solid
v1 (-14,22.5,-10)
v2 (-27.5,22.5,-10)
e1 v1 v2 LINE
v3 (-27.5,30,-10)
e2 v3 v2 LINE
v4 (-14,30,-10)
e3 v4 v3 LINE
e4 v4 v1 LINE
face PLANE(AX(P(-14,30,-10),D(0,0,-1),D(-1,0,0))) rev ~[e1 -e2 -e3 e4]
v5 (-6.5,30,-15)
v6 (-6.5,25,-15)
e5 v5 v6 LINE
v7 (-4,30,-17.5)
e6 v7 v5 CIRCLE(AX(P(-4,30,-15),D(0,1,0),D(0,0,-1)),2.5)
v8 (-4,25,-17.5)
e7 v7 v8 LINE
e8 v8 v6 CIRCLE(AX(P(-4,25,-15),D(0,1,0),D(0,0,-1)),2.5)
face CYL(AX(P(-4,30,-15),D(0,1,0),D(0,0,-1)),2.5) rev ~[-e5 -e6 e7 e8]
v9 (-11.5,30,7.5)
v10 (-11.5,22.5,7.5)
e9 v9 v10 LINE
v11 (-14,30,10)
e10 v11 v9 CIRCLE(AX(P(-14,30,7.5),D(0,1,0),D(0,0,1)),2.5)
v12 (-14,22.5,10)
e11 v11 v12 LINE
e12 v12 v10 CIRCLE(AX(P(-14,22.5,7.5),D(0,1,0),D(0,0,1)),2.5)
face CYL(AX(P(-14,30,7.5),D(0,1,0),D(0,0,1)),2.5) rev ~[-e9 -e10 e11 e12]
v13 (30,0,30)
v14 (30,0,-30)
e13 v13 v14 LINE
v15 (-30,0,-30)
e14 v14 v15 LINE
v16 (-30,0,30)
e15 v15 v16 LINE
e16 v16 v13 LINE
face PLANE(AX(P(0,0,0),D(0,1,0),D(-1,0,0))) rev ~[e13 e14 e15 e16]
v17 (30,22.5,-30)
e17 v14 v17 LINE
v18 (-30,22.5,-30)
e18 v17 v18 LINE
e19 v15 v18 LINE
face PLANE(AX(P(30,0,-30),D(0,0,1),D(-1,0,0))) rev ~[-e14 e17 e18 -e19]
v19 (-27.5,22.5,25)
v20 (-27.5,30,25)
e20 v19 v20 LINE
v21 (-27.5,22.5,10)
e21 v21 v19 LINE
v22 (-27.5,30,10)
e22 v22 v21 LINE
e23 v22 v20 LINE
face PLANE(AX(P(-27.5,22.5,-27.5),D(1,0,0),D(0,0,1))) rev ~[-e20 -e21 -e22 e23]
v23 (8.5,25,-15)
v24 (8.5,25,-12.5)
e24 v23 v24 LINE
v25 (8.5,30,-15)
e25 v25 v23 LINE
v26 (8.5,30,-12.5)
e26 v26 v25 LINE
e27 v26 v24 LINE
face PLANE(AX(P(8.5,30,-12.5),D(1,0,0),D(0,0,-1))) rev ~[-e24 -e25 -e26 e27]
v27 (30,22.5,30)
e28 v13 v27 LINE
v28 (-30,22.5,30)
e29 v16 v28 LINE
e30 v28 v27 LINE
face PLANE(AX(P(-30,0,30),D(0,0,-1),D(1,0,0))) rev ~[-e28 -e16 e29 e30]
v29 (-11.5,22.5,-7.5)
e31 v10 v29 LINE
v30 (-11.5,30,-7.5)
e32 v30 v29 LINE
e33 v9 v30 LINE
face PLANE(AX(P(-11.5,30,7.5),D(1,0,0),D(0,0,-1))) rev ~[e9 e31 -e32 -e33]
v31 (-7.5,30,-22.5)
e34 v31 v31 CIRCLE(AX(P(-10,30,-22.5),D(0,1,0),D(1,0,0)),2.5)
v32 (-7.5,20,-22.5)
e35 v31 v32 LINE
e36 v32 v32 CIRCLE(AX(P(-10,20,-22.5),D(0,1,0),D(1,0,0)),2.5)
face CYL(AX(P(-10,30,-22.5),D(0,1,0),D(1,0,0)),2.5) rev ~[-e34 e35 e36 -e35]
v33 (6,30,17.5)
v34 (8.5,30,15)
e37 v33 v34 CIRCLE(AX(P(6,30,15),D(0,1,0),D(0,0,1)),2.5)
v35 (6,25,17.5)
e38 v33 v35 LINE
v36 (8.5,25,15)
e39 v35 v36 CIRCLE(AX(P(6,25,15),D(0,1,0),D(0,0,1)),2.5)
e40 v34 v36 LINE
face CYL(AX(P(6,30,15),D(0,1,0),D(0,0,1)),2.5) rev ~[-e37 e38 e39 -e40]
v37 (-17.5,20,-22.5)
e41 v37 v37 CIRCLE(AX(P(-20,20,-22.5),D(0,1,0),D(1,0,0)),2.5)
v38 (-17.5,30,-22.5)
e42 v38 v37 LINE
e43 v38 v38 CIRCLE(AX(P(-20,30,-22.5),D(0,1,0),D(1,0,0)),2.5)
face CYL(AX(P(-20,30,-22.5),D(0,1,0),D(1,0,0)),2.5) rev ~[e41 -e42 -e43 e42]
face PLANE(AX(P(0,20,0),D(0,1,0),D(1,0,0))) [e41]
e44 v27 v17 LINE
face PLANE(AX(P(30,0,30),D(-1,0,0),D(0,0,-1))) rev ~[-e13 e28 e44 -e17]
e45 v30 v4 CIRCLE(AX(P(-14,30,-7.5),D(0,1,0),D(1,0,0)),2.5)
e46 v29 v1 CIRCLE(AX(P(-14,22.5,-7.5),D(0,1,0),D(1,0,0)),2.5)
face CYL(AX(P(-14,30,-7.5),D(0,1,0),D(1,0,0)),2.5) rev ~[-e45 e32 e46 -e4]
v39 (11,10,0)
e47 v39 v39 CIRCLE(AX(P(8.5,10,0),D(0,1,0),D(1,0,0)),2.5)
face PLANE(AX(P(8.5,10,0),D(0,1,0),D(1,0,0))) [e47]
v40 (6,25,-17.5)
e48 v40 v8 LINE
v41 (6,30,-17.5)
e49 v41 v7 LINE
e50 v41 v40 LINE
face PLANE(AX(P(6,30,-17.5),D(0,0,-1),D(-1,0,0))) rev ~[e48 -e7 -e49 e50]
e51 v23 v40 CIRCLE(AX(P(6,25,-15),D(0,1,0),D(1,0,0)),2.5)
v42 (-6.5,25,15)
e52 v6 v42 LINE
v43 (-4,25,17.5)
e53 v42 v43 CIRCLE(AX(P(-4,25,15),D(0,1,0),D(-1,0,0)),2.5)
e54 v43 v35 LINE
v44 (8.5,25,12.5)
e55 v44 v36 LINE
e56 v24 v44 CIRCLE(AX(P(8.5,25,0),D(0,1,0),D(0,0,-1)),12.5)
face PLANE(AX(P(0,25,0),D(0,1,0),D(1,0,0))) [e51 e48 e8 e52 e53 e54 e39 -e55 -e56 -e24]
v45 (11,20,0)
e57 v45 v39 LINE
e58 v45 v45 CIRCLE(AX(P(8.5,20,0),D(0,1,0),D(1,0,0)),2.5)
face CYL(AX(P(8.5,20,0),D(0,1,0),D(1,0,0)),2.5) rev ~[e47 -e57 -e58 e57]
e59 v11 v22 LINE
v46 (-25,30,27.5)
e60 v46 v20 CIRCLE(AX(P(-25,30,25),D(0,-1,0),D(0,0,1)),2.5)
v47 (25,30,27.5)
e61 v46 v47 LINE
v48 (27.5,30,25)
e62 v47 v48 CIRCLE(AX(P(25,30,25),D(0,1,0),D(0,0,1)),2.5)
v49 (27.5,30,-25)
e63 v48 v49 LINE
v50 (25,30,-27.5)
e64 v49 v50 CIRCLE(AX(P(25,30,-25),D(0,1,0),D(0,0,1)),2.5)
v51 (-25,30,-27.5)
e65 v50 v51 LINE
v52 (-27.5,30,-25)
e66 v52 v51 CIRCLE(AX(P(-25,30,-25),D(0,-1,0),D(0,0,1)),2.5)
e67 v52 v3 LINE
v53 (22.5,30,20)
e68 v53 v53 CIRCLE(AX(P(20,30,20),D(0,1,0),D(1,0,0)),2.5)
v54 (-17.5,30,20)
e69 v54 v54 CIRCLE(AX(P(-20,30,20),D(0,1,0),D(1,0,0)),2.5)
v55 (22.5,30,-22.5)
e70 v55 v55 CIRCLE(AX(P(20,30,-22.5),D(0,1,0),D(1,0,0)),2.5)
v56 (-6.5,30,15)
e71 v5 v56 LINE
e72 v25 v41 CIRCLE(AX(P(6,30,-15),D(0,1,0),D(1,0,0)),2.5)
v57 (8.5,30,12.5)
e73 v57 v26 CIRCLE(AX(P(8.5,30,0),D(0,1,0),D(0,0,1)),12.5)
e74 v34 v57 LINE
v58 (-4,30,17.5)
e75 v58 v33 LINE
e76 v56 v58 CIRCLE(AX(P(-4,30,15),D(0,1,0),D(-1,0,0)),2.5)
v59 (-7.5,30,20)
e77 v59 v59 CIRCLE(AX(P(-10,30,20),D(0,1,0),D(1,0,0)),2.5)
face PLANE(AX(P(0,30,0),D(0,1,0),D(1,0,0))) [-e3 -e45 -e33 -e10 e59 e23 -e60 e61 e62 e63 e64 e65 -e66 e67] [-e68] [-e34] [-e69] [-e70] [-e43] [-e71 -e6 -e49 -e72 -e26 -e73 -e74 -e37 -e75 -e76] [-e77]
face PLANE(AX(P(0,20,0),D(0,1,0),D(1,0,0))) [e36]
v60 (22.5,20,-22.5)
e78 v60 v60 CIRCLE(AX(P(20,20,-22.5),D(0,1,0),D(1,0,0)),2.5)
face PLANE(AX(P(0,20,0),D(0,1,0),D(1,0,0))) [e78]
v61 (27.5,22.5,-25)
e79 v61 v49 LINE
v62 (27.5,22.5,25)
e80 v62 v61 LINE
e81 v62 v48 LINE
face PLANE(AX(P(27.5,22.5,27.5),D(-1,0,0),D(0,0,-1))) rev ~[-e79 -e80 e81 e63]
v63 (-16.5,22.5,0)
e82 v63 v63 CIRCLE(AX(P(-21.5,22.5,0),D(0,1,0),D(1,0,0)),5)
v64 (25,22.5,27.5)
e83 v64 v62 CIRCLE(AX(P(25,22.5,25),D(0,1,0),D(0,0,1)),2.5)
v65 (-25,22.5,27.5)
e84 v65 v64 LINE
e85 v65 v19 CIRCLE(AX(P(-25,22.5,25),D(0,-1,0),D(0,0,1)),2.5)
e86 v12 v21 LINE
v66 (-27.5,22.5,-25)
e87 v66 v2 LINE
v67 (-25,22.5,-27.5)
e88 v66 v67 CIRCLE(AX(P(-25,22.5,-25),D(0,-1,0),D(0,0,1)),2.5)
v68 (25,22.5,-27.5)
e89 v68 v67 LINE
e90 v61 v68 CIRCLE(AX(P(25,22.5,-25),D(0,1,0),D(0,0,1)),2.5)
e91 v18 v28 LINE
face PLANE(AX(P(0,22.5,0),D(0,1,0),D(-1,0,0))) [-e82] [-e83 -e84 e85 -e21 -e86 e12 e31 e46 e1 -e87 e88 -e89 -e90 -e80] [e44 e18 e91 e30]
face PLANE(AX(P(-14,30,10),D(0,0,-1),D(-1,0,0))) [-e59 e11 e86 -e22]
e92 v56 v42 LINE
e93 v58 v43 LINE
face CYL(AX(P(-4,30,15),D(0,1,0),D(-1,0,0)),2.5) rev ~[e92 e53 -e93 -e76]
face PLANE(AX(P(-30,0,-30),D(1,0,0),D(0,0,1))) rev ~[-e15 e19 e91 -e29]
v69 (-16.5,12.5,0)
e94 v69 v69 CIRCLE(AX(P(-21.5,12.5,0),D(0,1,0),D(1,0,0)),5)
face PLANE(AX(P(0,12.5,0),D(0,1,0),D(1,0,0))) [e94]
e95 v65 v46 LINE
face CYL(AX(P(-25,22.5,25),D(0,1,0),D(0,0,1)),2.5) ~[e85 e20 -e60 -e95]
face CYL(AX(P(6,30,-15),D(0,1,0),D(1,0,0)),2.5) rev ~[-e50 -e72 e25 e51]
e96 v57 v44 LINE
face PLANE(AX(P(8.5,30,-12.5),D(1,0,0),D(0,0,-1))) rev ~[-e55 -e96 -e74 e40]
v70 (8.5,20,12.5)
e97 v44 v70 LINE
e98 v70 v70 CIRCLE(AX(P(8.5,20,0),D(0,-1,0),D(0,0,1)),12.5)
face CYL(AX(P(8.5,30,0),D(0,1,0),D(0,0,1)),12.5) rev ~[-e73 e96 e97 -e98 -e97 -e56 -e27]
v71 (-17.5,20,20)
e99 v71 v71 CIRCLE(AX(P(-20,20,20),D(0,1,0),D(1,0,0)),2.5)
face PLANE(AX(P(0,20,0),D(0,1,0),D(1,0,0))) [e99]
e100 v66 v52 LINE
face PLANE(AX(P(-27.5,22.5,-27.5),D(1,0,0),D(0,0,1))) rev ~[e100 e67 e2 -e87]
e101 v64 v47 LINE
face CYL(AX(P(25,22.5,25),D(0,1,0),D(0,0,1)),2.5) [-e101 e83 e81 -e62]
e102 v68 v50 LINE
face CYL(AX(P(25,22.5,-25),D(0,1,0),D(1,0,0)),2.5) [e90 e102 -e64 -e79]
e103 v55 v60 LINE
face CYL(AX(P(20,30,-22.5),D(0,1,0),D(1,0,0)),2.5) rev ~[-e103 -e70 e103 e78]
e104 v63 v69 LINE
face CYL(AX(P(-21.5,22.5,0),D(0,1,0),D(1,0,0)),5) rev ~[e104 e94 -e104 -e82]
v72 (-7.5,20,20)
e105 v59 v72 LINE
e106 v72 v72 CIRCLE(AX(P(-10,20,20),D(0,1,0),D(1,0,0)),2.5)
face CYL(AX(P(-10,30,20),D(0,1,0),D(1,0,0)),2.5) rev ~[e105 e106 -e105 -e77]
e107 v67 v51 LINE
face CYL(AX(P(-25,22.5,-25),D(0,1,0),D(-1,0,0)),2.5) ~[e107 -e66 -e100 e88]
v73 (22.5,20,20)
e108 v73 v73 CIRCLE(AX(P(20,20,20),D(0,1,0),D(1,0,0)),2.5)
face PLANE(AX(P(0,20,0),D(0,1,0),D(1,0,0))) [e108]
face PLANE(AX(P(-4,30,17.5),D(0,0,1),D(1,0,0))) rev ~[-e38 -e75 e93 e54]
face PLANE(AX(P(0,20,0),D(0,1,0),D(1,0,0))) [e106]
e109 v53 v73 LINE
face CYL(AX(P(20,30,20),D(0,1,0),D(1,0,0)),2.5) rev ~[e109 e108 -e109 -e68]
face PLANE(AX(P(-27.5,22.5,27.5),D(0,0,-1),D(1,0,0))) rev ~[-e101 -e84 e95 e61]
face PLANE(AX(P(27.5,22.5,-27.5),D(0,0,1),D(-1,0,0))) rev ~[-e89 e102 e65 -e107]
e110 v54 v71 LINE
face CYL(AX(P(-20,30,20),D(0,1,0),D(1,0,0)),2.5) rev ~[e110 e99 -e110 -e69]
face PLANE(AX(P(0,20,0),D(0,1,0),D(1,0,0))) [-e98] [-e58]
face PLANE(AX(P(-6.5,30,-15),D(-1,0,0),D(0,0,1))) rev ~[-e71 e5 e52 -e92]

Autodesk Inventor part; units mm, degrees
ref_plane "YZ Plane" through (0, 0, 0) normal (1, 0, 0) x (0, 1, 0)
ref_plane "XZ Plane" through (0, 0, 0) normal (0, 1, 0) x (-1, 0, 0)
ref_plane "XY Plane" through (0, 0, 0) normal (0, 0, 1) x (1, 0, 0)
sketch "Sketch1" plane through (0, 0, 0) normal (0, 1, 0) x (-1, 0, 0)
  line L0 (30, 30) -> (-30, 30)
  line L1 (-30, 30) -> (-30, -30)
  line L2 (-30, -30) -> (30, -30)
  line L3 (30, -30) -> (30, 30)
  line L4 (30, 30) -> (-30, -30) construction
  line L5 (-30, 30) -> (30, -30) construction
  point P0 (0, 0)
  dimension "d0" = 60
  dimension "d1" = 60
extrude "Extrusion1" add sketch "Sketch1" along normal blind 22.5
sketch "Sketch2" plane through (0, 22.5, 0) normal (0, 1, 0) x (1, 0, 0)
  line L0 (-27.5, -27.5) -> (27.5, -27.5)
  line L1 (27.5, -27.5) -> (27.5, 27.5)
  line L2 (27.5, 27.5) -> (-27.5, 27.5)
  line L3 (-27.5, 27.5) -> (-27.5, -27.5)
  line L4 (-27.5, -27.5) -> (27.5, 27.5) construction
  line L5 (27.5, -27.5) -> (-27.5, 27.5) construction
  line L6 (30, 30) -> (-30, 30) projected
  line L7 (-30, 30) -> (-30, -30) projected
  point P0 (0, 0)
  dimension "d4" = 2.5
  dimension "d5" = 2.5
extrude "Extrusion2" add sketch "Sketch2" along normal blind 7.5
sketch "Sketch5" plane through (0, 30, 0) normal (0, 1, 0) x (1, 0, 0)
  point P0 (0, 0)
sketch "Sketch6" plane through (0, 30, 0) normal (0, 1, 0) x (1, 0, 0)
  circle A0 centre (20, 22.5) radius 2.5
  circle A1 centre (-20, 22.5) radius 2.5
  line L0 (-30, -30) -> (30, -30) projected
  line L1 (30, -30) -> (30, 30) projected
  line L2 (-30, 30) -> (-30, -30) projected
  circle A2 centre (20, -20) radius 2.5
  circle A3 centre (-20, -20) radius 2.5
  line L3 (-27.5, -27.5) -> (27.5, -27.5) projected
  line L4 (27.5, 27.5) -> (-27.5, 27.5) projected
  circle A4 centre (-10, -20) radius 2.5
  circle A5 centre (-10, 22.5) radius 2.5
  point P0 (0, 0)
  dimension "d15" = 5
  dimension "d16" = 52.5
  dimension "d17" = 52.5
  dimension "d18" = 10
  dimension "d19" = 10
  dimension "d20" = 5
  dimension "d21" = 5
  dimension "d22" = 10
  dimension "d23" = 10
  dimension "d24" = 10
  dimension "d25" = 10
  dimension "d26" = 5
  dimension "d27" = 55
  dimension "d28" = 57.5
  dimension "d66" = 5
  dimension "d67" = 5
  dimension "d68" = 40
  dimension "d69" = 40
extrude "Extrusion5" cut sketch "Sketch6" against normal blind 10
sketch "Sketch7" plane through (0, 30, 0) normal (0, 1, 0) x (1, 0, 0)
  arc A0 (8.5, -12.5) -> (8.5, 12.5) centre (8.5, 0) ccw
  line L0 (30, -30) -> (30, 30) projected
  line L1 (8.5, 0) -> (8.5, 12.5)
  line L2 (8.5, 0) -> (8.5, -12.5)
  point P0 (0, 0)
  dimension "d32" = 21.5
extrude "Extrusion6" cut sketch "Sketch7" against normal blind 10
sketch "Sketch8" plane through (0, 30, 0) normal (0, 1, 0) x (1, 0, 0)
  line L0 (-4, -17.5) -> (6, -17.5)
  line L1 (8.5, -15) -> (8.5, 15)
  line L2 (6, 17.5) -> (-4, 17.5)
  line L3 (-6.5, 15) -> (-6.5, -15)
  line L4 (-6.5, -17.5) -> (8.5, 17.5) construction
  line L5 (8.5, -17.5) -> (-6.5, 17.5) construction
  line L6 (30, -30) -> (30, 30) projected
  line L7 (8.5, -12.5) -> (8.5, 12.5) projected
  arc A0 (8.5, 12.5) -> (8.5, -12.5) centre (8.5, 0) ccw
  arc A1 (-4, 17.5) -> (-6.5, 15) centre (-4, 15) ccw
  arc A2 (8.5, 15) -> (6, 17.5) centre (6, 15) ccw
  arc A3 (-6.5, -15) -> (-4, -17.5) centre (-4, -15) ccw
  arc A4 (6, -17.5) -> (8.5, -15) centre (6, -15) ccw
  point P0 (0, 0)
  point P1 (1, 0)
  dimension "d35" = 35
  dimension "d37" = 21.5
extrude "Extrusion7" cut sketch "Sketch8" against normal blind 5
sketch "Sketch9" plane through (0, 25, 0) normal (0, 1, 0) x (1, 0, 0)
  line L0 (8.5, -12.5) -> (8.5, 12.5) projected
  arc A0 (8.5, 12.5) -> (8.5, -12.5) centre (8.5, 0) ccw
  line L1 (8.5, -12.5) -> (8.5, -15) projected
  line L2 (8.5, 15) -> (8.5, 12.5) projected
  line L3 (8.5, -12.5) -> (8.5, 12.5)
  point P0 (0, 0)
extrude "Extrusion8" cut sketch "Sketch9" against normal blind 5
sketch "Sketch11" plane through (8.5, 20, 0) normal (0, 1, 0) x (1, 0, 0)
  circle A0 centre (0, 0) radius 2.5
  line L0 (21.5, -30) -> (21.5, 30) projected
  point P0 (-8.5, 0)
  dimension "d55" = 21.5
  dimension "d56" = 5
extrude "Extrusion10" cut sketch "Sketch11" against normal blind 10
sketch "Sketch12" plane through (0, 30, 0) normal (0, 1, 0) x (1, 0, 0)
  line L0 (-27.5, -27.5) -> (-27.5, 27.5) projected
  line L1 (-27.5, 0) -> (-19.0189, 0)
  line L2 (-27.5, 10) -> (-27.5, -10)
  line L3 (-11.5, -7.5) -> (-11.5, 7.5)
  line L4 (-14, 10) -> (-27.5, 10)
  line L5 (-14, -10) -> (-27.5, -10)
  line L6 (30, -30) -> (30, 30) projected
  arc A0 (-11.5, 7.5) -> (-14, 10) centre (-14, 7.5) ccw
  arc A1 (-14, -10) -> (-11.5, -7.5) centre (-14, -7.5) ccw
  point P0 (0, 0)
  dimension "d59" = 20
  dimension "d60" = 10
  dimension "d61" = 41.5
extrude "Extrusion11" cut sketch "Sketch12" against normal blind 7.5
sketch "Sketch13" plane through (0, 30, 0) normal (0, 1, 0) x (1, 0, 0)
  point P0 (0, 0)
sketch "Sketch14" plane through (0, 22.5, 0) normal (0, 1, 0) x (1, 0, 0)
  circle A0 centre (-21.5, 0) radius 5
  line L0 (30, -30) -> (30, 30) projected
  point P0 (0, 0)
  dimension "d70" = 10
  dimension "d71" = 51.5
extrude "Extrusion12" cut sketch "Sketch14" against normal blind 10
fillet "Fillet1" radius 2.5 1 edges at (-27.5, 26.25, -27.5)
fillet "Fillet2" radius 2.5 1 edges at (-27.5, 26.25, 27.5)
fillet "Fillet3" radius 2.5 1 edges at (27.5, 26.25, 27.5)
fillet "Fillet4" radius 2.5 1 edges at (27.5, 26.25, -27.5)
properties part number "Exercise1"
